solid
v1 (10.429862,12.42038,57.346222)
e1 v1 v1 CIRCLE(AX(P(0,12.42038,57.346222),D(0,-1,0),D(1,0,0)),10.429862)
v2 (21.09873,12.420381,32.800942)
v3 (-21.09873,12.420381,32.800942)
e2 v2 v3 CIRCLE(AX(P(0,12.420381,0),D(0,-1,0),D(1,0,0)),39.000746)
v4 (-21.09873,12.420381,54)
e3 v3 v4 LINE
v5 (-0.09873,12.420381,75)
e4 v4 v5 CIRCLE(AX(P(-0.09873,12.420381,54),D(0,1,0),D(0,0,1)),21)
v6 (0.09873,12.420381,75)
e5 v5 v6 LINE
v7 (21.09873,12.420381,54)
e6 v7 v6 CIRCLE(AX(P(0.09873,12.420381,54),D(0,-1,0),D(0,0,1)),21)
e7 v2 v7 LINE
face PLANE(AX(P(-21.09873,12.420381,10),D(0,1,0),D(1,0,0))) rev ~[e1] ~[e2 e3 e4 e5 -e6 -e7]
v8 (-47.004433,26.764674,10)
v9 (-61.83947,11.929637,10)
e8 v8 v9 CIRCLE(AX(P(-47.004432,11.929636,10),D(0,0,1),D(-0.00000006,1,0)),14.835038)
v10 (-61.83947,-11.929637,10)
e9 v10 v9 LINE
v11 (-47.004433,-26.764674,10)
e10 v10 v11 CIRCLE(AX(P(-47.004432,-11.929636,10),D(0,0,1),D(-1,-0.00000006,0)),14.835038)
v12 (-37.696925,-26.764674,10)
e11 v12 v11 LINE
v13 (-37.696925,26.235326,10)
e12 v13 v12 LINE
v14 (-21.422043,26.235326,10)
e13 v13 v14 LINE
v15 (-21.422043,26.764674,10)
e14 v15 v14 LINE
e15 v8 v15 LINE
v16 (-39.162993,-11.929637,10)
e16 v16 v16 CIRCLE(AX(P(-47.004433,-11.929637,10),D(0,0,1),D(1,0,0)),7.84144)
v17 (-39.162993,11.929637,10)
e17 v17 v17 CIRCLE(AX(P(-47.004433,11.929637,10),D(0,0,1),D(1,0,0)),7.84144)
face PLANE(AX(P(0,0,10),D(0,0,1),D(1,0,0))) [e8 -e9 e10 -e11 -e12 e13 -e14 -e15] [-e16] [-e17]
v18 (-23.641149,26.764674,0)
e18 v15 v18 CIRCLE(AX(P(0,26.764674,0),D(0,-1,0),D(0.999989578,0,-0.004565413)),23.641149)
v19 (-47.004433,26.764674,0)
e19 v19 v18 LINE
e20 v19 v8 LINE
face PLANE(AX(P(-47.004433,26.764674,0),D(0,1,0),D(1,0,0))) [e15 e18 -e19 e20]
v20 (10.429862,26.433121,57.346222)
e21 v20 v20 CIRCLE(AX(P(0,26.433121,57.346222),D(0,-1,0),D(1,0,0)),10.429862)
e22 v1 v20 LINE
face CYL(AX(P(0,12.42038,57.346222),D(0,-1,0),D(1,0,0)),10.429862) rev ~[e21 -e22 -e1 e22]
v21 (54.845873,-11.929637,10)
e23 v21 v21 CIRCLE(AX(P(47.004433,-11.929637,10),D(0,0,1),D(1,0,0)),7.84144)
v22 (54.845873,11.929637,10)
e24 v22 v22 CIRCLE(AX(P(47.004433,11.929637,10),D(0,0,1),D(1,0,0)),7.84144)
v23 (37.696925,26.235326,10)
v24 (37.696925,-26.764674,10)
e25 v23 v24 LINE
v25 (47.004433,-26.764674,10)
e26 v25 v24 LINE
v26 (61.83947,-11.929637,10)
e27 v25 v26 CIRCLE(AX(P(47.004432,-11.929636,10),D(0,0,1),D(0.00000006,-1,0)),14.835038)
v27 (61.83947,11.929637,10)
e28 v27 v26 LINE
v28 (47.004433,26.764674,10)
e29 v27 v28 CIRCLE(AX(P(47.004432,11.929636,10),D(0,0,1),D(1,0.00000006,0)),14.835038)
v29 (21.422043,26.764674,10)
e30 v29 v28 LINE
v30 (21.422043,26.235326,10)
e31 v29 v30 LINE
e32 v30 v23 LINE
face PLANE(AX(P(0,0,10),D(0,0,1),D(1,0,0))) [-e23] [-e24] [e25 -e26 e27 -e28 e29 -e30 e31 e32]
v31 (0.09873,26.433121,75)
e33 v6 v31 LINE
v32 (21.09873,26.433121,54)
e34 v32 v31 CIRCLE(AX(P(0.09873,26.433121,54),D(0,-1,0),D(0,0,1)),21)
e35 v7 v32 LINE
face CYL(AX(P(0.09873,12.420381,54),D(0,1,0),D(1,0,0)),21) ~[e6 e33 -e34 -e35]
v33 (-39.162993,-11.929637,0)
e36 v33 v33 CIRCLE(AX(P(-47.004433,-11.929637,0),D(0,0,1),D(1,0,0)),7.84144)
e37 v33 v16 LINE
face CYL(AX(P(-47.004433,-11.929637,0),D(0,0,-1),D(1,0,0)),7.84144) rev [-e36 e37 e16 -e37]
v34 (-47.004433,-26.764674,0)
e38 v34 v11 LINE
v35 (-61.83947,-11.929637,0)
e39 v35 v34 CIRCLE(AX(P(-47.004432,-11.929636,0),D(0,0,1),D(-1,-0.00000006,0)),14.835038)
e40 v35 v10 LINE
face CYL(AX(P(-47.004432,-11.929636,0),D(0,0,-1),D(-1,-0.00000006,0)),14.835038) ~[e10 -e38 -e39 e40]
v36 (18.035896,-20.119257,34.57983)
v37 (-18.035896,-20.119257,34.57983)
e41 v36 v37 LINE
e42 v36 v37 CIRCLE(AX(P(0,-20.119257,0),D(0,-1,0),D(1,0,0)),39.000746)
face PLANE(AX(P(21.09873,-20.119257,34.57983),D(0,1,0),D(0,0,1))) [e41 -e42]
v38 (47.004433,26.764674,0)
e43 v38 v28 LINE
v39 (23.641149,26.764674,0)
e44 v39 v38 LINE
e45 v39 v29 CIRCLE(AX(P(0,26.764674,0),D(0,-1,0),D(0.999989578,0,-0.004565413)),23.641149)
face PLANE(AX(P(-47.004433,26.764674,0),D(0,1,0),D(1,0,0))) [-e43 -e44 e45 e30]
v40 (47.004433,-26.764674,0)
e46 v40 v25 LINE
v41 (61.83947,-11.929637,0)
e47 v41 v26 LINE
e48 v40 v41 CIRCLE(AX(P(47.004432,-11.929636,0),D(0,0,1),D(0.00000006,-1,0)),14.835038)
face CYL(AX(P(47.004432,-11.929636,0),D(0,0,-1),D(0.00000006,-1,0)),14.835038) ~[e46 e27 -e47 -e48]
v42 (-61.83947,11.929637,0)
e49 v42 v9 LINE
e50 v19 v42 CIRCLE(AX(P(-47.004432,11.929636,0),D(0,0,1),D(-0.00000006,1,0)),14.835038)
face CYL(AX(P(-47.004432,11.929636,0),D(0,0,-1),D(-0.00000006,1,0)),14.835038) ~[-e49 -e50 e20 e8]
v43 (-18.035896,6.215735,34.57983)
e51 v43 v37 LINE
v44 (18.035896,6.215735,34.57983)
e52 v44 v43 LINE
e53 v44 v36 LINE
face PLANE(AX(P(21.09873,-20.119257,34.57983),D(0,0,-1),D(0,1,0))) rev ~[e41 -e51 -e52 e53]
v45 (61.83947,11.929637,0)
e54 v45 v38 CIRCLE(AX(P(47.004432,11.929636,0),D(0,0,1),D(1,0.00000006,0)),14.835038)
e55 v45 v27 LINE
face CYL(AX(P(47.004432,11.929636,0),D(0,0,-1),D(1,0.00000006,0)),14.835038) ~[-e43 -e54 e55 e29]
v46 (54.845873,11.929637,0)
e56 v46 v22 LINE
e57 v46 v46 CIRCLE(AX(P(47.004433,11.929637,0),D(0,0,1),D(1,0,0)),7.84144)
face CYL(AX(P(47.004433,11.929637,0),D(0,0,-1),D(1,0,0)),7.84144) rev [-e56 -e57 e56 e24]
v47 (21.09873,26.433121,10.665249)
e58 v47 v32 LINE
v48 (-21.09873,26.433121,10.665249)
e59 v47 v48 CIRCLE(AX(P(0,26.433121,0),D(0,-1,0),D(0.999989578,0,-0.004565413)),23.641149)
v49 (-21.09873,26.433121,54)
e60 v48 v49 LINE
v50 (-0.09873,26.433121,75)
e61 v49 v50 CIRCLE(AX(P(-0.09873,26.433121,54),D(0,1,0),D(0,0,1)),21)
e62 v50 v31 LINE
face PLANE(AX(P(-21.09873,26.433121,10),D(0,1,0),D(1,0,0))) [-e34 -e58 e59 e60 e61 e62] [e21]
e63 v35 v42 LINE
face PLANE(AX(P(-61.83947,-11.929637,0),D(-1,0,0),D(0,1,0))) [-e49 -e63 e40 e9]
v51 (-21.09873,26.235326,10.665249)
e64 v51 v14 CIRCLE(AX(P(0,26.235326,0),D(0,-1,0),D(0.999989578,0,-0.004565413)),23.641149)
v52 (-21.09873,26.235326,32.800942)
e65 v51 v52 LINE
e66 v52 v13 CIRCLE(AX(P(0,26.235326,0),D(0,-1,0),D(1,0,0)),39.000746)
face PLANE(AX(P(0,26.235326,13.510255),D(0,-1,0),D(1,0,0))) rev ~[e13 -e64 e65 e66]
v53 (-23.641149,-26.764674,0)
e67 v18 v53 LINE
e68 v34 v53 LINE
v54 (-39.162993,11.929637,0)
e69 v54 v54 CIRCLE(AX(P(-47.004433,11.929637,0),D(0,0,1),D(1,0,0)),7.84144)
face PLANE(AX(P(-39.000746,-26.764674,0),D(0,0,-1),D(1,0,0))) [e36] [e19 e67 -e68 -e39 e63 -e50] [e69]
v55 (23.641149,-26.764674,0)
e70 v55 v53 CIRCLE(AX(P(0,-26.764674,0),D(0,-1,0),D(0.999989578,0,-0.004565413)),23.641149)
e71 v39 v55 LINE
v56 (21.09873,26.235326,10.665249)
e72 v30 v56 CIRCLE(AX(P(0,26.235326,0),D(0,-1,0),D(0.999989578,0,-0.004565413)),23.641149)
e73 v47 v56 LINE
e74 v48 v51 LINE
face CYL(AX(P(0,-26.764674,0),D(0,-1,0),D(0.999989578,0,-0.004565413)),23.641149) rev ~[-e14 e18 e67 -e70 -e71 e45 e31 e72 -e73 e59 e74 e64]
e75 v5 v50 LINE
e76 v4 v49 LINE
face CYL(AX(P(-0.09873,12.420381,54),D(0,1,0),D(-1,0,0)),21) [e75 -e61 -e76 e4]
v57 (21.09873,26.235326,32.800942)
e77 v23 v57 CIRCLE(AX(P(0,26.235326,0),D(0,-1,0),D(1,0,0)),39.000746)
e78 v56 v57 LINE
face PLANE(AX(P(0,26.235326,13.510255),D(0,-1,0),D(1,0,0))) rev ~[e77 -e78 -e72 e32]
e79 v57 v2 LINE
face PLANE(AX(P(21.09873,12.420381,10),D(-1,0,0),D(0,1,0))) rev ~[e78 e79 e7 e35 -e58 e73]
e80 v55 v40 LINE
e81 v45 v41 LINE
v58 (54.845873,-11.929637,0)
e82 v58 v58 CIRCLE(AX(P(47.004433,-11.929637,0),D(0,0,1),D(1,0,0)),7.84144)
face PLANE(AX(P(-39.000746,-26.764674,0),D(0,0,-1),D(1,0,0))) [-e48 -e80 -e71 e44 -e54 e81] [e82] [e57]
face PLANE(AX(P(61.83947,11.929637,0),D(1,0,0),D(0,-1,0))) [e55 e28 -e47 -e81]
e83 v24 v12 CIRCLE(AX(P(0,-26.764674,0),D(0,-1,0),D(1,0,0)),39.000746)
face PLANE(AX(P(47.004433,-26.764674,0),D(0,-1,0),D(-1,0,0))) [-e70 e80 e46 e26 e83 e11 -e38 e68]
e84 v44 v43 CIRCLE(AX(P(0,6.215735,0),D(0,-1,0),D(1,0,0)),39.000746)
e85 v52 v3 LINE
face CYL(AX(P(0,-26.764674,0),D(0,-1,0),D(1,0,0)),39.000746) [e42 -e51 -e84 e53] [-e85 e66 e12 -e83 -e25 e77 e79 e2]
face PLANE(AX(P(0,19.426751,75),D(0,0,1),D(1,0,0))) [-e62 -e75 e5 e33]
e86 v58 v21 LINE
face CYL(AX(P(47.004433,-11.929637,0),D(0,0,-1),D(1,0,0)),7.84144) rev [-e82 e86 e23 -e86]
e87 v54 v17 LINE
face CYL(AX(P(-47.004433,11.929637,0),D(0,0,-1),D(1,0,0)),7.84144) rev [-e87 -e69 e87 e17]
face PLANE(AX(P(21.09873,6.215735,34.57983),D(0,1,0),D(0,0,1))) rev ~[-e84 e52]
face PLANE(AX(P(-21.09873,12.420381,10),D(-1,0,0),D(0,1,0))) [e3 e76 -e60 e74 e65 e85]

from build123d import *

# Parameters (mm, degrees)
SKETCH_R        = 7.84144
PAD_DEPTH       = 10
SKETCH001_W     = 42.19746
SKETCH001_H     = 14.012741
PAD001_DEPTH    = 65
FILLET_R        = 21
SKETCH002_R     = 10.429862
POCKET_DEPTH    = 14.345294
PAD002_DEPTH    = 53
POCKET001_DEPTH = 53.530348
SKETCH005_W     = 26.334992
SKETCH005_H     = 10.429696
POCKET002_DEPTH = 82.9392


with BuildPart() as part:
    # Sketch → Pad (new body)
    with BuildSketch(Plane.XY):
        with BuildLine():
            ThreePointArc((-47.004433, 26.764674), (-57.494388, 22.419592), (-61.83947, 11.929637))
            Line((-61.83947, -11.929637), (-61.83947, 11.929637))
            ThreePointArc((-61.83947, -11.929637), (-57.494388, -22.419592), (-47.004433, -26.764674))
            Line((47.004433, -26.764674), (-47.004433, -26.764674))
            ThreePointArc((47.004433, -26.764674), (57.494388, -22.419592), (61.83947, -11.929637))
            Line((61.83947, 11.929637), (61.83947, -11.929637))
            ThreePointArc((61.83947, 11.929637), (57.494388, 22.419592), (47.004433, 26.764674))
            Line((-47.004433, 26.764674), (47.004433, 26.764674))
        make_face()
        with Locations((-47.004433, 11.929637)):
            Circle(SKETCH_R, mode=Mode.SUBTRACT)
        with Locations((-47.004433, -11.929637)):
            Circle(SKETCH_R, mode=Mode.SUBTRACT)
        with Locations((47.004433, 11.929637)):
            Circle(SKETCH_R, mode=Mode.SUBTRACT)
        with Locations((47.004433, -11.929637)):
            Circle(SKETCH_R, mode=Mode.SUBTRACT)
    extrude(amount=PAD_DEPTH)

    # Sketch001 (on Face14 of Pad) → Pad001 (join)
    with BuildSketch(Plane.XY.offset(10)):
        with Locations((0, 19.426751)):
            Rectangle(SKETCH001_W, SKETCH001_H)
    extrude(amount=PAD001_DEPTH)

    # Fillet
    fillet_edges = [part.edges().sort_by_distance(p)[0] for p in [
        (21.09873, 19.426751, 75),
        (-21.09873, 19.426751, 75),
    ]]
    fillet(fillet_edges, radius=FILLET_R)

    # Sketch002 (on Face5 of Fillet) → Pocket (cut, through all)
    with BuildSketch(Plane.XZ.offset(-12.42038)):
        with Locations((0, 57.346222)):
            Circle(SKETCH002_R)
    extrude(amount=-POCKET_DEPTH, mode=Mode.SUBTRACT)

    # Sketch003 (on Face16 of Pocket) → Pad002 (join)
    with BuildSketch(Plane.XZ.offset(26.764674)):
        with BuildLine():
            ThreePointArc((39.000746, 0), (0, 39.000746), (-39.000746, 0))
            Line((-39.000746, 0), (39.000746, 0))
        make_face()
    extrude(amount=-PAD002_DEPTH)

    # Sketch004 (on Face24 of Pad002) → Pocket001 (cut, through all)
    with BuildSketch(Plane.XZ.offset(26.764674)):
        with BuildLine():
            ThreePointArc((23.640903, -0.107932), (0, 23.641149), (-23.640903, -0.107932))
            Line((-23.640903, -0.107932), (23.640903, -0.107932))
        make_face()
    extrude(amount=-POCKET001_DEPTH, mode=Mode.SUBTRACT)

    # Sketch005 (on DatumPlane) → Pocket002 (cut, through all)
    with BuildSketch(Plane.YZ.offset(21.09873)):
        with Locations((-6.951761, 39.794678)):
            Rectangle(SKETCH005_W, SKETCH005_H)
    extrude(amount=-POCKET002_DEPTH, mode=Mode.SUBTRACT)


solid = part.part
